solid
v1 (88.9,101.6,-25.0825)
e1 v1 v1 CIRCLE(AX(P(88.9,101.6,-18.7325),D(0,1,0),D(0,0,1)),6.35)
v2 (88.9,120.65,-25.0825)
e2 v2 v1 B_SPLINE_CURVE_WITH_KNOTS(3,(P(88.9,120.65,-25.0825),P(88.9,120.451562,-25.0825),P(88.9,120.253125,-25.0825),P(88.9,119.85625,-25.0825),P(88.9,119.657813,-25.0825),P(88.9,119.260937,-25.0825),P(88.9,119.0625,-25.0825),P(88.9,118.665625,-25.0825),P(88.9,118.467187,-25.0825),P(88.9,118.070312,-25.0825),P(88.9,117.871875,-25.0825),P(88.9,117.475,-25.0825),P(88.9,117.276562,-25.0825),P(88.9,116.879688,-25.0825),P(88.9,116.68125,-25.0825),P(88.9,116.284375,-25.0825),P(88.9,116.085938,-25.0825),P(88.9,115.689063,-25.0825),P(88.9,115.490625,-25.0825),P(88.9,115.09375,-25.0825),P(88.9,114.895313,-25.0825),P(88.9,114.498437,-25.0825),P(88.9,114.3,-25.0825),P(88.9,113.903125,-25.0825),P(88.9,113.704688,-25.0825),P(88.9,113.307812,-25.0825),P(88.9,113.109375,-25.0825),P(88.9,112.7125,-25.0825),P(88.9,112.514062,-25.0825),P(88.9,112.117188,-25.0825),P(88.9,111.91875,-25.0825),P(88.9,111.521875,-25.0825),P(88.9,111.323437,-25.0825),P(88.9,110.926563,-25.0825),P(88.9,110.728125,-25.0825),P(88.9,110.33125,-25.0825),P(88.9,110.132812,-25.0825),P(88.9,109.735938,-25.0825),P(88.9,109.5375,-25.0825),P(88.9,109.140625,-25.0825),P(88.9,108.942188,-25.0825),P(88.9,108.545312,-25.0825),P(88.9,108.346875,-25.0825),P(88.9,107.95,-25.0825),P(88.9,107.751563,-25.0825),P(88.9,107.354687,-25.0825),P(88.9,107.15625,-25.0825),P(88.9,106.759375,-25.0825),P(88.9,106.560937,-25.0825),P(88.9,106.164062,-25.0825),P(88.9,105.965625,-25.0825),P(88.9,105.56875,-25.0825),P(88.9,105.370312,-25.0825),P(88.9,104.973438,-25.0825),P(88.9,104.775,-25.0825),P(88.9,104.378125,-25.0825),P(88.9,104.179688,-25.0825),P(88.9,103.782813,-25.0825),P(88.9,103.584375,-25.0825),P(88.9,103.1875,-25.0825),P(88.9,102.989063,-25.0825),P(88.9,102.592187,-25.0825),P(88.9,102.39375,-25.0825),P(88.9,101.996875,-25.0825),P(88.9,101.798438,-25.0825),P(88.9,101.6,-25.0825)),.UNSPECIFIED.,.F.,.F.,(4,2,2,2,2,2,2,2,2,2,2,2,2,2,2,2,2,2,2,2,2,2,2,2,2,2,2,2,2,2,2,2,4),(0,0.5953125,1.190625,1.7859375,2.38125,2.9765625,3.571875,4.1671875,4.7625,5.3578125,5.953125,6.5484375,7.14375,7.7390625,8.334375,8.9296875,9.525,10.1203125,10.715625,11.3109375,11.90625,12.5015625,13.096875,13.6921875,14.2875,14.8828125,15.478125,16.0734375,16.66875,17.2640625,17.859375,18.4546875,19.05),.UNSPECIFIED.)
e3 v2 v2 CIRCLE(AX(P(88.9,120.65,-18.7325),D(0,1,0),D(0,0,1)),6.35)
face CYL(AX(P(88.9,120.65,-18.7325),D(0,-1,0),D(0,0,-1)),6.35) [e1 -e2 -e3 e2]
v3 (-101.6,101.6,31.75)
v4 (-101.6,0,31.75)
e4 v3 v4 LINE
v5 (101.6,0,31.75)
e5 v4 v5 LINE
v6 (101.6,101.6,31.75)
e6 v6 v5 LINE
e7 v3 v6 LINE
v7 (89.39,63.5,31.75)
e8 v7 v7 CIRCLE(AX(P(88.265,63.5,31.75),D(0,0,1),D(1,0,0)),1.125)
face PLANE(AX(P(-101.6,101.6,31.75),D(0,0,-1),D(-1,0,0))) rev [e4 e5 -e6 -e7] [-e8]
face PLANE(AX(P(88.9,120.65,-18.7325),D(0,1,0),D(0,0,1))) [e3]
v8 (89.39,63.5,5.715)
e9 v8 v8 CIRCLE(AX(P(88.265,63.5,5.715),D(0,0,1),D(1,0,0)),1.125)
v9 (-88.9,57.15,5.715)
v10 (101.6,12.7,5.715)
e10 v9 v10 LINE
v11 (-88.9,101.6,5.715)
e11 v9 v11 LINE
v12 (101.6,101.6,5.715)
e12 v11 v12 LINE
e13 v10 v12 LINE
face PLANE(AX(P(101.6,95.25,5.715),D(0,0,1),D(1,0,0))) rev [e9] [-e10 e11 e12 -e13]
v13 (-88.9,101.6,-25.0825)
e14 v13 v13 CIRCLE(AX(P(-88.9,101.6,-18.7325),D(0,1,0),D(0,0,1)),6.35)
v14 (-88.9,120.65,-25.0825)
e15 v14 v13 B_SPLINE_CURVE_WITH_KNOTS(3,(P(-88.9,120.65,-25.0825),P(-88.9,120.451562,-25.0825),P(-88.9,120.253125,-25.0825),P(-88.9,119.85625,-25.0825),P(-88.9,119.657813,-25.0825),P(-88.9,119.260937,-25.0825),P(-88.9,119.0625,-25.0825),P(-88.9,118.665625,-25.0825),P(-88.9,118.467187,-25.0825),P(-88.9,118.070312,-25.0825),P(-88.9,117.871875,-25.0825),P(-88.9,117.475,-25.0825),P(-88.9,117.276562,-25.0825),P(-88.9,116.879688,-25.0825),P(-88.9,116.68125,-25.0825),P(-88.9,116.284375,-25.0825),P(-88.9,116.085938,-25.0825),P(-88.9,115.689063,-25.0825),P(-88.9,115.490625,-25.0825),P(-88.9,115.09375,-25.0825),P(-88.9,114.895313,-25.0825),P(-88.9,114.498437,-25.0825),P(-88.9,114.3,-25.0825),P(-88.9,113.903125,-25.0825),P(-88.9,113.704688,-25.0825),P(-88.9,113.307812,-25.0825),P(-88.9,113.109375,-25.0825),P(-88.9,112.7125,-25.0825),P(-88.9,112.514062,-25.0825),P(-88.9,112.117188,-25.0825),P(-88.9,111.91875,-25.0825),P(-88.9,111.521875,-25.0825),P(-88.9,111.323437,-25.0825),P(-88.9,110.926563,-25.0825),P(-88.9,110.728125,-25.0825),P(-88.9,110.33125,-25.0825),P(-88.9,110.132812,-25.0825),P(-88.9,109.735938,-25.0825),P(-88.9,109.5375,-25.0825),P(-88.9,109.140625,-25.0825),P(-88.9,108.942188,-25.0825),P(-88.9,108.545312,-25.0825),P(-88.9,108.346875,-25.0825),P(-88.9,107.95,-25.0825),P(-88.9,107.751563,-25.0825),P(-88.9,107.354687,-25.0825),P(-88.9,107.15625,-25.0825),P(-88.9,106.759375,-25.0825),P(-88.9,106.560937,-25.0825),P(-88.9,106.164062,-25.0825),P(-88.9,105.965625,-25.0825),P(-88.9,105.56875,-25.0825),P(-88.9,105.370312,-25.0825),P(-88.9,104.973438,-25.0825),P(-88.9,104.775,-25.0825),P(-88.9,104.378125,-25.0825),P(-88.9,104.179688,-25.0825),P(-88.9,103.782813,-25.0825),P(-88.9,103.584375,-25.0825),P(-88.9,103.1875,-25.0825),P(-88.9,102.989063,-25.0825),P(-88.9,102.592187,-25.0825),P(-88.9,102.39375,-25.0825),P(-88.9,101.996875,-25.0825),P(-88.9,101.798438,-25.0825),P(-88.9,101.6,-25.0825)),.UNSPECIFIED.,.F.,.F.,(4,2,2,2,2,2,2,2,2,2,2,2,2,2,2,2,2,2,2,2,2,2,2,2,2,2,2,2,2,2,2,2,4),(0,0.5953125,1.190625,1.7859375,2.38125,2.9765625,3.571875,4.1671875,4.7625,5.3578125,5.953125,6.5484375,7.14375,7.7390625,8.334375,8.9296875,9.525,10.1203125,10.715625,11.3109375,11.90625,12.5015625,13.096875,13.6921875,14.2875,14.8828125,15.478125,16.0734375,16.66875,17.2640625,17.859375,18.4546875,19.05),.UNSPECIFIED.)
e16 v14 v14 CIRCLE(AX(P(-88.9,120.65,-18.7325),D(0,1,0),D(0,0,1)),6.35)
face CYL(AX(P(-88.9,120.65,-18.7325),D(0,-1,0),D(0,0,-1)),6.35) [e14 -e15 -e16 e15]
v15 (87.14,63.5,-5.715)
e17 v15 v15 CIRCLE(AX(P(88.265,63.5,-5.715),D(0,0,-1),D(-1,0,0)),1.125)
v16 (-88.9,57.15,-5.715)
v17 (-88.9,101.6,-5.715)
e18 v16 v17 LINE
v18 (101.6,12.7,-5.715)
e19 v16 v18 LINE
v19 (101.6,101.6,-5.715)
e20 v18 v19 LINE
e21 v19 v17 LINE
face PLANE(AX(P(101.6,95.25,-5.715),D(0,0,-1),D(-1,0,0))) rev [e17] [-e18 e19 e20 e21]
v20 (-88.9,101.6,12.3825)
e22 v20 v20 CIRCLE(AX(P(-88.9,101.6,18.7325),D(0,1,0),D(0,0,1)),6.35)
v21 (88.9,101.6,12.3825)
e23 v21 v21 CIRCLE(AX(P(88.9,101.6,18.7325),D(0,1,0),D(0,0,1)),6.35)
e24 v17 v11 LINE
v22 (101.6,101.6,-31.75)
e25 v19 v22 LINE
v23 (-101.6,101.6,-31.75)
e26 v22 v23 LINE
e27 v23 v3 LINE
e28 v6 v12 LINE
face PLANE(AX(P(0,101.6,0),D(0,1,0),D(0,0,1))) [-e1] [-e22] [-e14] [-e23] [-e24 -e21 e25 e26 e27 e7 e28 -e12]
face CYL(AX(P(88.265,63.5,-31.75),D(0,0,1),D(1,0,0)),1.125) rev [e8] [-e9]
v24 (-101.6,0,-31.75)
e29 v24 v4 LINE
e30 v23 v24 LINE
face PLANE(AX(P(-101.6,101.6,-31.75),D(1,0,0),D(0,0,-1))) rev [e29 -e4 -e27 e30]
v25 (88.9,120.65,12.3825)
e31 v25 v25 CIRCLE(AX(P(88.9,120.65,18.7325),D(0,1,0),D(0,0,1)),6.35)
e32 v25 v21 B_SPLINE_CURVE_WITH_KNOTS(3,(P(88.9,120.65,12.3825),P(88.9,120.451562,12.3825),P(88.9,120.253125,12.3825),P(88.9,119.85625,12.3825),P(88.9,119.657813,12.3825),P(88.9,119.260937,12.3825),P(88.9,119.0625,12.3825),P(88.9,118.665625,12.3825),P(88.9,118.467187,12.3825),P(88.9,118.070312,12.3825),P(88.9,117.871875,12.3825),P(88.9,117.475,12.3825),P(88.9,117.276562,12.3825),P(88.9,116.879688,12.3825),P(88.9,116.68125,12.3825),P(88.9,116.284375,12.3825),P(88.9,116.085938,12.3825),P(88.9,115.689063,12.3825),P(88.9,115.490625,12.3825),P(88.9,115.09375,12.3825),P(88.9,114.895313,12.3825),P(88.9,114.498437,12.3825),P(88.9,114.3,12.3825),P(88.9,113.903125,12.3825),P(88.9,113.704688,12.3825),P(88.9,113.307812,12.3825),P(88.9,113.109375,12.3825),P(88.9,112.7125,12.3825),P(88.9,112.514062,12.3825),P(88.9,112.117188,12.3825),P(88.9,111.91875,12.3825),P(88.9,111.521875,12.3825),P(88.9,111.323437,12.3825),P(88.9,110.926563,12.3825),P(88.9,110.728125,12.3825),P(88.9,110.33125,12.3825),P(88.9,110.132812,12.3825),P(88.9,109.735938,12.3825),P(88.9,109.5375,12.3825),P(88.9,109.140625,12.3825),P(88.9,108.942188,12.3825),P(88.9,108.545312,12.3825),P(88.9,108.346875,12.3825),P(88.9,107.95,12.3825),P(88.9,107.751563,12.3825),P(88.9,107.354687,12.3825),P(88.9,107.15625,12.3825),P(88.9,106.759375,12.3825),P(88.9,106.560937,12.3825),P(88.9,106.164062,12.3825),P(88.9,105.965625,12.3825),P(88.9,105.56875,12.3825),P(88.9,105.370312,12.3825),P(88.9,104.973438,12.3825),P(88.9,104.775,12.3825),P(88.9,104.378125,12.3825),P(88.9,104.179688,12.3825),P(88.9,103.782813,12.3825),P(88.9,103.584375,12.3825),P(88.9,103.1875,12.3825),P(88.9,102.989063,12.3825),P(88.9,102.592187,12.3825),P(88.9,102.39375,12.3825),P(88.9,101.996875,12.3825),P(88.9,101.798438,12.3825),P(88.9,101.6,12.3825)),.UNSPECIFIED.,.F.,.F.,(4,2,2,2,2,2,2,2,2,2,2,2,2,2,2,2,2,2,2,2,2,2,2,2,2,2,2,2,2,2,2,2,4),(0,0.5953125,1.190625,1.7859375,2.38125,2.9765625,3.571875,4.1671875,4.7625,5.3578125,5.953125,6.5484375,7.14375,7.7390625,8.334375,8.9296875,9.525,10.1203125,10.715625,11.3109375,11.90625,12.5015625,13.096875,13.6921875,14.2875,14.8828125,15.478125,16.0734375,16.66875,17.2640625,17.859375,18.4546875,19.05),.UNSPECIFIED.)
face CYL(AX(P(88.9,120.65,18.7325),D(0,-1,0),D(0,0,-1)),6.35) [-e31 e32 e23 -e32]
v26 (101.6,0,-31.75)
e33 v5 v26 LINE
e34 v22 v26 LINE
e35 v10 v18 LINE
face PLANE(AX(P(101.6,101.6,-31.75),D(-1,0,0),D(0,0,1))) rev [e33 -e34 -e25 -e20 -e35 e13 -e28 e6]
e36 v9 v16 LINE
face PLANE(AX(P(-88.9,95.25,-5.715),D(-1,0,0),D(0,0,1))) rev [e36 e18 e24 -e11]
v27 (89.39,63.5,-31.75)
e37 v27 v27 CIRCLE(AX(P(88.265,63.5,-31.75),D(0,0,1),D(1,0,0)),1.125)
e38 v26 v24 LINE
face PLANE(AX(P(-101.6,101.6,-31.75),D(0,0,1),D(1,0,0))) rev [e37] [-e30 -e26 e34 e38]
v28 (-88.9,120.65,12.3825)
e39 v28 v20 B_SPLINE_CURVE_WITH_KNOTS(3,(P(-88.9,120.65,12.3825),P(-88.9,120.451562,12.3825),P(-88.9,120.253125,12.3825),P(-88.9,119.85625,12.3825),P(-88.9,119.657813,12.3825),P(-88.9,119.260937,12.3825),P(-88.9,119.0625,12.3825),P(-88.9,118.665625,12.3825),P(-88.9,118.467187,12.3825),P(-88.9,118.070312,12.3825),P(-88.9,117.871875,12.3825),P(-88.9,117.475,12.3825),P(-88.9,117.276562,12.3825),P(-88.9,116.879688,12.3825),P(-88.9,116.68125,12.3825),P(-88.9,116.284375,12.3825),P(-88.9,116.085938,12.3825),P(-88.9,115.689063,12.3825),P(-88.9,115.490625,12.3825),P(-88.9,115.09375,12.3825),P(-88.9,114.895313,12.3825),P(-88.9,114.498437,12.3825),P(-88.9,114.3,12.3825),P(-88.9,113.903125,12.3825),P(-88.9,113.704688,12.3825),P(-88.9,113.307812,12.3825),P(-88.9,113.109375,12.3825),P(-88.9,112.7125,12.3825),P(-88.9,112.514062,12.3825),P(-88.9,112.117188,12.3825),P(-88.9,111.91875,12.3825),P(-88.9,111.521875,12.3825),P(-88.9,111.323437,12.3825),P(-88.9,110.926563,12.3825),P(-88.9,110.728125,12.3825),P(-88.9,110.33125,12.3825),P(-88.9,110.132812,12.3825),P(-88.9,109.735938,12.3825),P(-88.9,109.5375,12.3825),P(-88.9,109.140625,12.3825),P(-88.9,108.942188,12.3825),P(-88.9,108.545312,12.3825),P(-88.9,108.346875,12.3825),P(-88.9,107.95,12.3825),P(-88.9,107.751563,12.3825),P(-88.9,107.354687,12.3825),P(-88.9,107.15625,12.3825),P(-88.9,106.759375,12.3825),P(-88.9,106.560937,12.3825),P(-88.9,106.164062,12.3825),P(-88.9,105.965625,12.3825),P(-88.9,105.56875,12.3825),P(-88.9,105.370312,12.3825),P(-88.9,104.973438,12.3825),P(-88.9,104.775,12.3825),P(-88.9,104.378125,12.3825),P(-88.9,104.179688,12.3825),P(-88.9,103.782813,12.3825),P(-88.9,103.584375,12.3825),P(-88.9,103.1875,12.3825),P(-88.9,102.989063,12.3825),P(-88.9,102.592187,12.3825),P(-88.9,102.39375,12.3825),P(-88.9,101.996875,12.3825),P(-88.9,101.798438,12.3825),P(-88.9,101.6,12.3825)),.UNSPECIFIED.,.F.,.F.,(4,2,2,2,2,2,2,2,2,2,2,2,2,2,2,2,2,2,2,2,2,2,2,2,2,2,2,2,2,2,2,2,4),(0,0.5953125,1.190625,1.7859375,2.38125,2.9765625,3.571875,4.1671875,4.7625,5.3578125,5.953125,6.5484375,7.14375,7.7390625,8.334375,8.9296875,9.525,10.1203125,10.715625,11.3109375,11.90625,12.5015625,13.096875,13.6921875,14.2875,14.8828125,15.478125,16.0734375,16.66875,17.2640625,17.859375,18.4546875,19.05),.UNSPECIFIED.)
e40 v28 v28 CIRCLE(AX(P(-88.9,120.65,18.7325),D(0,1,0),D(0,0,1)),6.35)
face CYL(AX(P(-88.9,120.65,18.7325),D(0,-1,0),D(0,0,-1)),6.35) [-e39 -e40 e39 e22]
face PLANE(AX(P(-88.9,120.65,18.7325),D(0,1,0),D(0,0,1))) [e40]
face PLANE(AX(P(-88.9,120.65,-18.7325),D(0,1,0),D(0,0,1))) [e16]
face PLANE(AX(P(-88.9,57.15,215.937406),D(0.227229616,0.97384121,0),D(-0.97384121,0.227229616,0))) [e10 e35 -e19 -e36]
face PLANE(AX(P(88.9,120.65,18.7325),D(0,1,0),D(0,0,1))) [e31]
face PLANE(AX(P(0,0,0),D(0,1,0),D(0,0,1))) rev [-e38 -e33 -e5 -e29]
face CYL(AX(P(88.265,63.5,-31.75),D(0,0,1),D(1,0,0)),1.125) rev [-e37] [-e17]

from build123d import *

# Parameters (mm, degrees)
SKETCH1_W               = 203.2
SKETCH1_H               = 63.5
BOSS_EXTRUDE1_DEPTH     = 101.6
SKETCH3_W               = 190.5
SKETCH3_H               = 11.43
CUT_EXTRUDE1_DEPTH      = 6.35
CUT_EXTRUDE2_DEPTH      = 11.43
SKETCH5_R               = 6.35
BOSS_EXTRUDE2_DEPTH     = 19.05
CUT_EXTRUDE3_DEPTH      = 163.119118937
CUT_EXTRUDE3_DEPTH_BACK = 163.119118937
SKETCH6_R               = 1.125000036


with BuildPart() as part:
    # Sketch1 → Boss-Extrude1 (new body)
    with BuildSketch(Plane(origin=(0, 0, 0), x_dir=(1, 0, 0), z_dir=(0, 1, 0))):
        Rectangle(SKETCH1_W, SKETCH1_H)
    extrude(amount=BOSS_EXTRUDE1_DEPTH)

    # Sketch3 → Cut-Extrude1 (cut)
    with BuildSketch(Plane(origin=(0, 101.6, 0), x_dir=(1, 0, 0), z_dir=(0, 1, 0))):
        with Locations((6.35, 0)):
            Rectangle(SKETCH3_W, SKETCH3_H)
    extrude(amount=-CUT_EXTRUDE1_DEPTH, mode=Mode.SUBTRACT)

    # Sketch4 → Cut-Extrude2 (cut)
    with BuildSketch(Plane.XY.offset(-5.715)):
        Polygon((-88.9, 101.6), (-88.9, 57.15), (101.6, 12.7), (101.6, 101.6), align=None)
    extrude(amount=CUT_EXTRUDE2_DEPTH, mode=Mode.SUBTRACT)

    # Sketch5 → Boss-Extrude2 (add)
    with BuildSketch(Plane(origin=(0, 101.6, 0), x_dir=(1, 0, 0), z_dir=(0, 1, 0))):
        with Locations(Location((88.9, -18.7325, 0), (0, 0, 90))):
            Circle(SKETCH5_R)
        with Locations(Location((-88.9, -18.7325, 0), (0, 0, 90))):
            Circle(SKETCH5_R)
        with Locations(Location((-88.9, 18.7325, 0), (0, 0, 90))):
            Circle(SKETCH5_R)
        with Locations(Location((88.9, 18.7325, 0), (0, 0, 90))):
            Circle(SKETCH5_R)
    extrude(amount=BOSS_EXTRUDE2_DEPTH)

    # Sketch6 → Cut-Extrude3 (cut, two sides: drawn at the far end of the back side and taken through both)
    with BuildSketch(Plane.XY.offset(-5.715).offset(-CUT_EXTRUDE3_DEPTH_BACK)):
        with Locations((88.265, 63.5)):
            Circle(SKETCH6_R)
    extrude(amount=CUT_EXTRUDE3_DEPTH + CUT_EXTRUDE3_DEPTH_BACK, mode=Mode.SUBTRACT)


solid = part.part
